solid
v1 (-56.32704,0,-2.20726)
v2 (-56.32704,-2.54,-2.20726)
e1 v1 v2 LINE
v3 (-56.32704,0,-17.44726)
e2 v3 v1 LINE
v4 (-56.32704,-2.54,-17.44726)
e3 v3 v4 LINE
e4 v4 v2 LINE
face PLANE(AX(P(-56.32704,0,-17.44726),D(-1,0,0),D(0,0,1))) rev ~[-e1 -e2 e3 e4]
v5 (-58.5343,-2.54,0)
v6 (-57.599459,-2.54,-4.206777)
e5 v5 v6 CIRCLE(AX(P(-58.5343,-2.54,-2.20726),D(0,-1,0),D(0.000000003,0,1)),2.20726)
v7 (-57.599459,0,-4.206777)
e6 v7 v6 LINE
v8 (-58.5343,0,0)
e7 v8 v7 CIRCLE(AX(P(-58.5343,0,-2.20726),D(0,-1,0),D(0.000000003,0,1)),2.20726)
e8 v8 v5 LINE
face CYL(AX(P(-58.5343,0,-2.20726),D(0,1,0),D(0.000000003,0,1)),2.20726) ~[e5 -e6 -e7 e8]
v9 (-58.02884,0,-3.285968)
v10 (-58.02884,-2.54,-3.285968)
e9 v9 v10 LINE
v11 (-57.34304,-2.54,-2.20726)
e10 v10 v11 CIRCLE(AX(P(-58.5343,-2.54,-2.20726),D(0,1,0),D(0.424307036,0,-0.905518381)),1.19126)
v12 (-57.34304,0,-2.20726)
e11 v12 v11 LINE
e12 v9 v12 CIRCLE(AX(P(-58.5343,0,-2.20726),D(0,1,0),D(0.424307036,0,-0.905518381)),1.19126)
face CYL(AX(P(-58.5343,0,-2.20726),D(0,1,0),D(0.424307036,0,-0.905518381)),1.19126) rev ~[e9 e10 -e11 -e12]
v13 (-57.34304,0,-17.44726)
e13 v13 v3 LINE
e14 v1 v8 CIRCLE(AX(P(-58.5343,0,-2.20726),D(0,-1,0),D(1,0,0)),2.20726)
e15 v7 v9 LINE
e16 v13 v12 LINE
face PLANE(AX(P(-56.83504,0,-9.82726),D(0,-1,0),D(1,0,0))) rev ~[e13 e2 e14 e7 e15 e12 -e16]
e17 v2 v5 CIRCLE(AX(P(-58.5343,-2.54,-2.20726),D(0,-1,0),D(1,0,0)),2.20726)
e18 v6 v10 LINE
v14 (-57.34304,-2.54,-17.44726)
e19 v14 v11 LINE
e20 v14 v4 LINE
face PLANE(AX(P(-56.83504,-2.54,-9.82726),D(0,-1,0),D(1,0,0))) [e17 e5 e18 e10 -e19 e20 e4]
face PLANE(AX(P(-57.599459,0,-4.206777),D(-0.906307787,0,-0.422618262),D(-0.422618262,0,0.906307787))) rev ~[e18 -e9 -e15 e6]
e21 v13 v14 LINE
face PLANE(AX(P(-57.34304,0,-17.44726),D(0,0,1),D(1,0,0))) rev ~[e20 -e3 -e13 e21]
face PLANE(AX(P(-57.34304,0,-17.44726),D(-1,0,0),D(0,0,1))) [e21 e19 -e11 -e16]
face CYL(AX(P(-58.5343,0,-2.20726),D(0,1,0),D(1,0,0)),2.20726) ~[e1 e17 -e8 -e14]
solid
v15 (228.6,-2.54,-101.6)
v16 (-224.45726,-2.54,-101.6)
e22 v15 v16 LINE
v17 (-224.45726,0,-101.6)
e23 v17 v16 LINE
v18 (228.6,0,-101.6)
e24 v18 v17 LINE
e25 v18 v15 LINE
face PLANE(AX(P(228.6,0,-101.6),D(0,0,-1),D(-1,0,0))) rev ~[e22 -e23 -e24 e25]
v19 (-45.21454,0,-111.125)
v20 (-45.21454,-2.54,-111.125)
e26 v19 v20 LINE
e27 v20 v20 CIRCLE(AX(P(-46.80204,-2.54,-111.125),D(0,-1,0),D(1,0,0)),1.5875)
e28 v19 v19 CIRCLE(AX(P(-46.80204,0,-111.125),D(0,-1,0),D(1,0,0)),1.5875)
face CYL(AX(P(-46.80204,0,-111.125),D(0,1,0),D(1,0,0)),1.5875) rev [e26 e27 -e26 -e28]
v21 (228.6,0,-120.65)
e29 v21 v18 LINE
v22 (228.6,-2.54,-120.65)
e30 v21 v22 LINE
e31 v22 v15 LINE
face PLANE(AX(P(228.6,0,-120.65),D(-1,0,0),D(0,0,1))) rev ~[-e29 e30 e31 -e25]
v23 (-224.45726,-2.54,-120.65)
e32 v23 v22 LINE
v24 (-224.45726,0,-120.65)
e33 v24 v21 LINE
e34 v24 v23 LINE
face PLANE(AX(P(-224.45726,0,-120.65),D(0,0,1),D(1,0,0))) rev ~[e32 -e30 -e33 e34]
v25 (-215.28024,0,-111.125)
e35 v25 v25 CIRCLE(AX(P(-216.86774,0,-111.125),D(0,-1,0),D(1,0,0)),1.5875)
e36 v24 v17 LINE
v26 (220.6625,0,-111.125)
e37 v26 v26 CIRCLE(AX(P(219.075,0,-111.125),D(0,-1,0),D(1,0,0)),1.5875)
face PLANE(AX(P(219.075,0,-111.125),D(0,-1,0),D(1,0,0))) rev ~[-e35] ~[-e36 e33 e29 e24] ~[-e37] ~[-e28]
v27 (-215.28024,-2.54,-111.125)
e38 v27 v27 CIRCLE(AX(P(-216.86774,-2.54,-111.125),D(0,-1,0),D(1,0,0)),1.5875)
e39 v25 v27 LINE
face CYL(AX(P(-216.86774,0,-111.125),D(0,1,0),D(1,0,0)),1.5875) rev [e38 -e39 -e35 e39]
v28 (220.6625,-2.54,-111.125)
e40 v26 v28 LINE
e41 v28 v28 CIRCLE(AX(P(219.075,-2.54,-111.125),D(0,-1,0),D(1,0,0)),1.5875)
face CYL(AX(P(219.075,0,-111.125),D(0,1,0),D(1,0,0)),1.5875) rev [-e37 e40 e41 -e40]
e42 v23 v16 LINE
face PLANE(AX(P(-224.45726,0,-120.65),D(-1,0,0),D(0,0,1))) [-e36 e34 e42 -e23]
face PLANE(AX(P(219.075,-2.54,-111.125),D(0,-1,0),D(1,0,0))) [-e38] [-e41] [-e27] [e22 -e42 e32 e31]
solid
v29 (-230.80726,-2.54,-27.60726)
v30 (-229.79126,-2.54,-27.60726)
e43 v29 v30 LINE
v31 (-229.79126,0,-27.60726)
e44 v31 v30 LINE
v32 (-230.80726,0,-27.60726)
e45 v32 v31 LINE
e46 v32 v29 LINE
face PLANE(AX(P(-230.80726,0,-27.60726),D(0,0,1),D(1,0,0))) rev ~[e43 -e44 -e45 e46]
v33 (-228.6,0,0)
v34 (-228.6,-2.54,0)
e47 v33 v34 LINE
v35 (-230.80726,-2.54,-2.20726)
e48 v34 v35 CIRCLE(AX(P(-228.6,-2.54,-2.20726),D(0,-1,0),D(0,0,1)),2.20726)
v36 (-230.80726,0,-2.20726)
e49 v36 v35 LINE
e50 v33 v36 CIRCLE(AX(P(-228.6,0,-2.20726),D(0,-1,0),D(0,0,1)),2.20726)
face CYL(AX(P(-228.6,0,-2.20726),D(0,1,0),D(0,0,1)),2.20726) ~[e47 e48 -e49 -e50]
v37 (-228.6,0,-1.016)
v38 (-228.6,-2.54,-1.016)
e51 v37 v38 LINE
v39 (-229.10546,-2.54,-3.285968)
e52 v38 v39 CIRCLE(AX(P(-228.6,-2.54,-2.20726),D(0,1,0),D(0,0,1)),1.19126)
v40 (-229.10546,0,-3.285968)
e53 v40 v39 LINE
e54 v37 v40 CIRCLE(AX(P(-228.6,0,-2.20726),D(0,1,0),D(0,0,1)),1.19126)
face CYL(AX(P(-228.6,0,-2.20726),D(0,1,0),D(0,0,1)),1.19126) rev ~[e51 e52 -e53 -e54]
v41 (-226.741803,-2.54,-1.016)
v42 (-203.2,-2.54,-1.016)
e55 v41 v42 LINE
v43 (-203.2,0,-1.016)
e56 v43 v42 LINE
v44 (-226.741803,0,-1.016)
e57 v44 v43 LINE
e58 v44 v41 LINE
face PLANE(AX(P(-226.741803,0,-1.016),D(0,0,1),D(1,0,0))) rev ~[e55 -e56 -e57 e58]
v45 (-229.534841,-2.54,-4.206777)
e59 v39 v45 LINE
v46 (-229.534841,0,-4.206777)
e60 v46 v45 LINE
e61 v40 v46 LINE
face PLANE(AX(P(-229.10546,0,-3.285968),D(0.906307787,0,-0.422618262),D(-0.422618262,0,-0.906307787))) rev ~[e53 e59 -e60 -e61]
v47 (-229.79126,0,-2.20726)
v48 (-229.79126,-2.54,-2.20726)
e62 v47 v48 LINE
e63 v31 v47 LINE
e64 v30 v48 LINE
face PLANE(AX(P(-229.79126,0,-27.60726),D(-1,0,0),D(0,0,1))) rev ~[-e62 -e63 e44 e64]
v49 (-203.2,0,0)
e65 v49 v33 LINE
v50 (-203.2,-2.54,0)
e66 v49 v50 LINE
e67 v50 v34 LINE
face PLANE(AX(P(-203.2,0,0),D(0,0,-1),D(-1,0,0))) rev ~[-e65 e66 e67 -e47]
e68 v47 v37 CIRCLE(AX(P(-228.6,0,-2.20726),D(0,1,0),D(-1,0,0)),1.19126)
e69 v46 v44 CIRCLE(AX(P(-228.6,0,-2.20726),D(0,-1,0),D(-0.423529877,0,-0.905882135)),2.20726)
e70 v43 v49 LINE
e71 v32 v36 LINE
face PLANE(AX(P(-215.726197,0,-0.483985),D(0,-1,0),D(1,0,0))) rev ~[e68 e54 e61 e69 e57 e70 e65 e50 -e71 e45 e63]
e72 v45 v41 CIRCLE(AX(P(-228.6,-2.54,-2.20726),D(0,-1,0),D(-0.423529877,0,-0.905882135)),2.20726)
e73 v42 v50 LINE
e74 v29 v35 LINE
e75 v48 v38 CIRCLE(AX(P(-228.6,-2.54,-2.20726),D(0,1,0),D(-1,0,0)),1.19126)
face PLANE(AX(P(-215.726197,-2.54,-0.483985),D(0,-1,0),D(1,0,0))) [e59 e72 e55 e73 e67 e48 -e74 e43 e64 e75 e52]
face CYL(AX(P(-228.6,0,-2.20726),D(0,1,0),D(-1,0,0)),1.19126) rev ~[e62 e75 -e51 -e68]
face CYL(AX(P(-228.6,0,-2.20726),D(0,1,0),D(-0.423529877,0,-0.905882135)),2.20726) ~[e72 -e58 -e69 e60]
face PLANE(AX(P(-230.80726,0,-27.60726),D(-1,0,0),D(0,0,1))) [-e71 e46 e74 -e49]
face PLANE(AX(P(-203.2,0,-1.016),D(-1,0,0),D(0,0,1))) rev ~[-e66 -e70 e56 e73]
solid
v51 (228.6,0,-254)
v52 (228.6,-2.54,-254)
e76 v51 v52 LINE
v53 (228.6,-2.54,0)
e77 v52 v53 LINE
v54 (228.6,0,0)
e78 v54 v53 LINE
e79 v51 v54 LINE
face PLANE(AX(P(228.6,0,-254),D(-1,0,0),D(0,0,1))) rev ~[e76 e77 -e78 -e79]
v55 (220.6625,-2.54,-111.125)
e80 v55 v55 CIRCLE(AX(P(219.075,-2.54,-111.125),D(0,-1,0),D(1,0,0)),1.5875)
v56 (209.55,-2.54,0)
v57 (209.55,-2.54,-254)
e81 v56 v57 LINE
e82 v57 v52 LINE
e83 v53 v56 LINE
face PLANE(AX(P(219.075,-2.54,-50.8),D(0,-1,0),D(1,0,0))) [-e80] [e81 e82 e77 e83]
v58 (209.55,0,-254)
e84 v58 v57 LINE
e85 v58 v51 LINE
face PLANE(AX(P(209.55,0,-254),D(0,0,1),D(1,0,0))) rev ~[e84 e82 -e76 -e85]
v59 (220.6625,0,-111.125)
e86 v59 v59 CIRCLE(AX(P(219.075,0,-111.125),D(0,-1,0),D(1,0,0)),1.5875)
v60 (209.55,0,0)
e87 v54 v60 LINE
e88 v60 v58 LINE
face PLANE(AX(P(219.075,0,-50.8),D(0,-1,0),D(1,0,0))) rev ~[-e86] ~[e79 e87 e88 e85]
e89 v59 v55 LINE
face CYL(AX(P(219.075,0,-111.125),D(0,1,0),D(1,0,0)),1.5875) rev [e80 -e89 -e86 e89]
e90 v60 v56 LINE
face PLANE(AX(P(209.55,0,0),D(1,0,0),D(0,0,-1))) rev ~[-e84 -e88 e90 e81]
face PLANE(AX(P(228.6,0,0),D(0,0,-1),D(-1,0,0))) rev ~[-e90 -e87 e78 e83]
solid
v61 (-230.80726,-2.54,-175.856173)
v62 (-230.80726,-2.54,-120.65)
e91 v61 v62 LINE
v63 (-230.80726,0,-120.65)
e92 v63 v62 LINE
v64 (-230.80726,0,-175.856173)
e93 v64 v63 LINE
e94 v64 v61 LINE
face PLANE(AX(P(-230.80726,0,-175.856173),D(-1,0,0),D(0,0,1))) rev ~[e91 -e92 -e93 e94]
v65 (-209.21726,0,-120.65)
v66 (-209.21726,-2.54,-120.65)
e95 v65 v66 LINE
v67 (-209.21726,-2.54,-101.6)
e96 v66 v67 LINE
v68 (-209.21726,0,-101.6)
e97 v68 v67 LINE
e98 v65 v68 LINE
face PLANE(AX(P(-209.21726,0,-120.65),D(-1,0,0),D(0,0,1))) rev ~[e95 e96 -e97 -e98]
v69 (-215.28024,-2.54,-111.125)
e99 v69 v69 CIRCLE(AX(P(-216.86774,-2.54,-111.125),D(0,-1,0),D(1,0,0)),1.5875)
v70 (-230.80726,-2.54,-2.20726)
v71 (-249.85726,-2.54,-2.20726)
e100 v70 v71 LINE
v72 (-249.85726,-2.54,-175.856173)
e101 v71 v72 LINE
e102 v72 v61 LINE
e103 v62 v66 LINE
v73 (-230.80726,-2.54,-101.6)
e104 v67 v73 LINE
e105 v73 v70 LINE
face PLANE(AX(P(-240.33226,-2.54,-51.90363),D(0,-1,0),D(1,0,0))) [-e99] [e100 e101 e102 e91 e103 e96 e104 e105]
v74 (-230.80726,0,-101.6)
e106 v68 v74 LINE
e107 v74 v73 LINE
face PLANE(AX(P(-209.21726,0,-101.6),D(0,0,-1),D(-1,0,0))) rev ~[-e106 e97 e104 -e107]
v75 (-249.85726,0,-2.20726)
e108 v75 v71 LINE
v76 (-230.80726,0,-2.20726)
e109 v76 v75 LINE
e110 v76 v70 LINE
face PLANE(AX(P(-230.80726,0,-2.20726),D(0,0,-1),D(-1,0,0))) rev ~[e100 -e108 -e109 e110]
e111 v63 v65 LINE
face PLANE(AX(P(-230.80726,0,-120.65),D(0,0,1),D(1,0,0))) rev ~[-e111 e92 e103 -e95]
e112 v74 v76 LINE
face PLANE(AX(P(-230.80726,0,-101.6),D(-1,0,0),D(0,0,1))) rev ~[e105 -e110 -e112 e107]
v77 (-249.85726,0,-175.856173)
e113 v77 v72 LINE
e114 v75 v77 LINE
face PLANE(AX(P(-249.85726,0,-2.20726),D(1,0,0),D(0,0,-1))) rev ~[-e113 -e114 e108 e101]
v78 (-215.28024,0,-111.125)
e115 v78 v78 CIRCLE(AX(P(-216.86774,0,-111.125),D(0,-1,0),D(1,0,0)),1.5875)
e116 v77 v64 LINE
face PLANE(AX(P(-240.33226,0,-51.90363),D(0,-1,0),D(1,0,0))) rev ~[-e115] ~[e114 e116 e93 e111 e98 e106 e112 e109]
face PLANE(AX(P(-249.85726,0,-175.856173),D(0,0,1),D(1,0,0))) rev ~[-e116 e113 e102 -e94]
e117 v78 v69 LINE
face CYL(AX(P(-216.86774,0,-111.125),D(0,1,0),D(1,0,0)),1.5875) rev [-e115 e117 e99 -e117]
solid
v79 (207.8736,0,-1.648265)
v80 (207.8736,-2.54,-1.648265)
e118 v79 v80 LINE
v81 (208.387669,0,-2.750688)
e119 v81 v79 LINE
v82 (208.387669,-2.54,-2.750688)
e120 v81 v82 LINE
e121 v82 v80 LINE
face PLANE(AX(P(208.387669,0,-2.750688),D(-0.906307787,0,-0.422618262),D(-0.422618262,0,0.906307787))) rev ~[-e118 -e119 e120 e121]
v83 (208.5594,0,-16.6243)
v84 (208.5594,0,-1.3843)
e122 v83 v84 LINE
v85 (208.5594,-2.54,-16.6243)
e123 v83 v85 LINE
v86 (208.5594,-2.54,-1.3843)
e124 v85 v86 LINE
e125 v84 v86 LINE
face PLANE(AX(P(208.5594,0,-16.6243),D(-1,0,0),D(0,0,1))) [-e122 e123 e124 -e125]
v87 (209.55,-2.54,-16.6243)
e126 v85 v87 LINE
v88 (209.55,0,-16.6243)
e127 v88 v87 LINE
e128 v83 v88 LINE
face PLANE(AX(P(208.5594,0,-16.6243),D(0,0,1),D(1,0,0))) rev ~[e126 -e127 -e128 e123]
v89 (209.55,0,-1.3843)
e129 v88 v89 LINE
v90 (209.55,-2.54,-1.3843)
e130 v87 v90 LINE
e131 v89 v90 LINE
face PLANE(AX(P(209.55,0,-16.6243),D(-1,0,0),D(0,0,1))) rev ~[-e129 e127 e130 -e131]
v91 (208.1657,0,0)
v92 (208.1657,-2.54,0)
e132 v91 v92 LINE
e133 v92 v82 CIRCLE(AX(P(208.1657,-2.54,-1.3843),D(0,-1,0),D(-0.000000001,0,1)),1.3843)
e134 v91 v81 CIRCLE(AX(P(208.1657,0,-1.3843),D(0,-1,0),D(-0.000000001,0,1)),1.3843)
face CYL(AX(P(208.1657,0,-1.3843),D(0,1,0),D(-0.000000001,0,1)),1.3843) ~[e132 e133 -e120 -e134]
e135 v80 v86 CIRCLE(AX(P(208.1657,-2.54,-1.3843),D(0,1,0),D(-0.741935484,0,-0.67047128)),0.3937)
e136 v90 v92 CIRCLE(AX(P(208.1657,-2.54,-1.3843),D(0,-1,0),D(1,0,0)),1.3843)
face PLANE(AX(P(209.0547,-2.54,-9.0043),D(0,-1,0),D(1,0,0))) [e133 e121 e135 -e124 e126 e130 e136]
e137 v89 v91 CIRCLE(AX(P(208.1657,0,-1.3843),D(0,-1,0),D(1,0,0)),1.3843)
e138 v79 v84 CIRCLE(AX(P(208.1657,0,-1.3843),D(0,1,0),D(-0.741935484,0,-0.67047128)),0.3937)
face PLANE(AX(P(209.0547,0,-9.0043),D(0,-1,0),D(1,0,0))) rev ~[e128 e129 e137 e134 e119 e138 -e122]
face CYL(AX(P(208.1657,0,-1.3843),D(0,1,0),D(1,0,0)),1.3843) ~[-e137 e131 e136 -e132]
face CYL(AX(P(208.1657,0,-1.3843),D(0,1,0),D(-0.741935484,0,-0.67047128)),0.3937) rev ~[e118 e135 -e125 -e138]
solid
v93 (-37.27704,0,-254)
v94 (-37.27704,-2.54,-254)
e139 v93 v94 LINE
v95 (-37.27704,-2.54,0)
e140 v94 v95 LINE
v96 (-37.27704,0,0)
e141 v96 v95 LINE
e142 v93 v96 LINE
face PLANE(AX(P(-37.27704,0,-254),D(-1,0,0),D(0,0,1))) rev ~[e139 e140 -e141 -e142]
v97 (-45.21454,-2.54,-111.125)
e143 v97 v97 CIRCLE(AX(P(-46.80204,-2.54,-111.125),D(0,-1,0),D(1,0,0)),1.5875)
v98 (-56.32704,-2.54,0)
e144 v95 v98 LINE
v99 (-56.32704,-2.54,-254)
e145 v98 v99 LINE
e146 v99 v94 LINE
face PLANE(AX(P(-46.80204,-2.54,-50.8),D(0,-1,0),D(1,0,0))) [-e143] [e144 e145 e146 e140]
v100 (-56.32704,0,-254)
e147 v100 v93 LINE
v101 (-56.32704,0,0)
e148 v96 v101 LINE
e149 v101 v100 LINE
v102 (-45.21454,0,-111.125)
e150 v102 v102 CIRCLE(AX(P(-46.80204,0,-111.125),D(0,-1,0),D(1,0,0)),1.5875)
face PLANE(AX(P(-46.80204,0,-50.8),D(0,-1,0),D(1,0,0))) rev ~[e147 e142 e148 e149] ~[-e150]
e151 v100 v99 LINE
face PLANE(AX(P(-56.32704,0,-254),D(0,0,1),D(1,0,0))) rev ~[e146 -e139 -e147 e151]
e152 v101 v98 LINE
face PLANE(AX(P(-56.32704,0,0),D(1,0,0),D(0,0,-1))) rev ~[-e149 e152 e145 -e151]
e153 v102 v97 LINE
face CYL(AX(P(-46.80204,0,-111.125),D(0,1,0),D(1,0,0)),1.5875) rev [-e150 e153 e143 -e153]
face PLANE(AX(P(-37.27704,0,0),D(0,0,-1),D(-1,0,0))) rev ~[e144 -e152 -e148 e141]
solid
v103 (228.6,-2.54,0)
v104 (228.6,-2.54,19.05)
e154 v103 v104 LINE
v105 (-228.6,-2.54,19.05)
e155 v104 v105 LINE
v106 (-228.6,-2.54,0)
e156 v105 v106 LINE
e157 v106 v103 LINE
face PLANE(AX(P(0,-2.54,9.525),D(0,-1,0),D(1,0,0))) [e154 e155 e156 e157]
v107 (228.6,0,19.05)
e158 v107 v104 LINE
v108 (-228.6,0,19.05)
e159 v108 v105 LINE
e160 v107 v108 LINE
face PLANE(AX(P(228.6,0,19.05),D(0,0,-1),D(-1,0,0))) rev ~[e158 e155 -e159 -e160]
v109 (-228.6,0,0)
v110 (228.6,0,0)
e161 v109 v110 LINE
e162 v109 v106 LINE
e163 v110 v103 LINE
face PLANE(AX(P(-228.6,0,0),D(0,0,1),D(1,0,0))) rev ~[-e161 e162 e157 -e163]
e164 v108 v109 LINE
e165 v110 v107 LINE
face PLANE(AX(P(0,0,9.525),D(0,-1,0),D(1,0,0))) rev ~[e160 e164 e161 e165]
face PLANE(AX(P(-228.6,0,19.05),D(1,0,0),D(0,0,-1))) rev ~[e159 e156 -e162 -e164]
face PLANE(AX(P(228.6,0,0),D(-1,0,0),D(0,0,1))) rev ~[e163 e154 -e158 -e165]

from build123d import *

# Parameters (mm, degrees)
F0_W     = 19.05
F0_H     = 19.05
F0_R     = 1.5875
F0_W_2   = 246.82704
F0_W_3   = 152.89022
F0_W_4   = 15.24
F1_DEPTH = 2.54
F2_DEPTH = 2.54
F0_H_2   = 133.35
F3_DEPTH = 2.54
F4_DEPTH = 2.54
F0_H_3   = 55.2061730385
F0_W_5   = 6.35
F5_DEPTH = 2.54
F0_W_6   = 0.9906
F0_H_4   = 15.24
F6_DEPTH = 2.54
F0_W_7   = 1.016
F7_DEPTH = 2.54
F0_H_5   = 25.4
F8_DEPTH = 2.54


with BuildPart() as f1:
    # F0 (on Front) → F1 (new body)
    with BuildSketch(Plane.XZ):
        with Locations((219.075, -111.125)):
            Rectangle(F0_W, F0_H)
        with Locations((219.075, -111.125)):
            Circle(F0_R, mode=Mode.SUBTRACT)
        with Locations((86.13648, -111.125)):
            Rectangle(F0_W_2, F0_H)
        with Locations((-46.80204, -111.125)):
            Rectangle(F0_W, F0_H)
        with Locations((-46.80204, -111.125)):
            Circle(F0_R, mode=Mode.SUBTRACT)
        with Locations((-132.77215, -111.125)):
            Rectangle(F0_W_3, F0_H)
        with Locations((-216.83726, -111.125)):
            Rectangle(F0_W_4, F0_H)
        with Locations((-216.86774, -111.125)):
            Circle(F0_R, mode=Mode.SUBTRACT)
    extrude(amount=F1_DEPTH)


with BuildPart() as f2:
    # F0 (on Front) → F2 (new body)
    with BuildSketch(Plane.XZ):
        Polygon((228.6, 19.05), (-228.6, 19.05), (-228.6, 0), (-203.2, 0), (-58.5342999945, 0), (-56.32704, 0), (-37.27704, 0), (208.1656999991, 0), (209.55, 0), (228.6, 0), align=None)
    extrude(amount=F2_DEPTH)


with BuildPart() as f3:
    # F0 (on Front) → F3 (new body)
    with BuildSketch(Plane.XZ):
        Polygon((228.6, -101.6), (228.6, 0), (209.55, 0), (209.55, -1.3843), (209.55, -16.6243), (209.55, -101.6), align=None)
        with Locations((219.075, -111.125)):
            Rectangle(F0_W, F0_H)
        with Locations((219.075, -111.125)):
            Circle(F0_R, mode=Mode.SUBTRACT)
        with Locations((219.075, -187.325)):
            Rectangle(F0_W, F0_H_2)
    extrude(amount=F3_DEPTH)


with BuildPart() as f4:
    # F0 (on Front) → F4 (new body)
    with BuildSketch(Plane.XZ):
        Polygon((-37.27704, 0), (-56.32704, 0), (-56.32704, -2.20726), (-56.32704, -17.44726), (-56.32704, -101.6), (-37.27704, -101.6), align=None)
        with Locations((-46.80204, -111.125)):
            Rectangle(F0_W, F0_H)
        with Locations((-46.80204, -111.125)):
            Circle(F0_R, mode=Mode.SUBTRACT)
        with Locations((-46.80204, -187.325)):
            Rectangle(F0_W, F0_H_2)
    extrude(amount=F4_DEPTH)


with BuildPart() as f5:
    # F0 (on Front) → F5 (new body)
    with BuildSketch(Plane.XZ):
        Polygon((-230.80726, -27.60726), (-230.80726, -2.20726), (-249.85726, -2.20726), (-249.85726, -101.6), (-230.80726, -101.6), align=None)
        with Locations((-240.33226, -111.125)):
            Rectangle(F0_W, F0_H)
        with Locations((-240.33226, -148.2530865192)):
            Rectangle(F0_W, F0_H_3)
        with Locations((-227.63226, -111.125)):
            Rectangle(F0_W_5, F0_H)
        with Locations((-216.83726, -111.125)):
            Rectangle(F0_W_4, F0_H)
        with Locations((-216.86774, -111.125)):
            Circle(F0_R, mode=Mode.SUBTRACT)
    extrude(amount=F5_DEPTH)


with BuildPart() as f6:
    # F0 (on Front) → F6 (new body)
    with BuildSketch(Plane.XZ):
        with Locations((209.0547, -9.0043)):
            Rectangle(F0_W_6, F0_H_4)
        with BuildLine():
            ThreePointArc((209.55, -1.3843), (209.1445479169, -0.4054520825), (208.1656999991, 0))
            ThreePointArc((208.1656999991, 0), (206.7858852401, -1.4956450418), (208.3876685494, -2.7506881049))
            Line((208.3876685494, -2.7506881049), (207.8736, -1.6482645431))
            ThreePointArc((207.8736, -1.6482645431), (208.0242787852, -1.016876906), (208.5594, -1.3843))
            Line((208.5594, -1.3843), (209.55, -1.3843))
        make_face()
    extrude(amount=F6_DEPTH)


with BuildPart() as f7:
    # F0 (on Front) → F7 (new body)
    with BuildSketch(Plane.XZ):
        with Locations((-56.83504, -9.82726)):
            Rectangle(F0_W_7, F0_H_4)
        with BuildLine():
            ThreePointArc((-56.32704, -2.20726), (-56.9735314842, -0.6464914881), (-58.5342999945, 0))
            ThreePointArc((-58.5342999945, 0), (-60.6889985281, -2.6860824731), (-57.5994594434, -4.2067774021))
            Line((-57.5994594434, -4.2067774021), (-58.02884, -3.285967827))
            ThreePointArc((-58.02884, -3.285967827), (-59.5395946501, -1.5681332098), (-57.34304, -2.20726))
            Line((-57.34304, -2.20726), (-56.32704, -2.20726))
        make_face()
    extrude(amount=F7_DEPTH)


with BuildPart() as f8:
    # F0 (on Front) → F8 (new body)
    with BuildSketch(Plane.XZ):
        with BuildLine():
            Line((-203.2, 0), (-228.6, 0))
            ThreePointArc((-228.6, 0), (-227.5410910898, -0.2705853687), (-226.7418029383, -1.016))
            Line((-226.7418029383, -1.016), (-203.2, -1.016))
            Line((-203.2, -1.016), (-203.2, 0))
        make_face()
        with BuildLine():
            ThreePointArc((-229.5348405566, -4.2067774021), (-226.9391532532, -3.661077317), (-226.7418029383, -1.016))
            Line((-226.7418029383, -1.016), (-228.6, -1.016))
            ThreePointArc((-228.6, -1.016), (-227.4372184484, -2.4661797768), (-229.10546, -3.285967827))
            Line((-229.10546, -3.285967827), (-229.5348405566, -4.2067774021))
        make_face()
        with BuildLine():
            ThreePointArc((-226.7418029383, -1.016), (-227.5410910898, -0.2705853687), (-228.6, 0))
            Line((-228.6, 0), (-228.6, -1.016))
            Line((-228.6, -1.016), (-226.7418029383, -1.016))
        make_face()
        with BuildLine():
            Line((-228.6, -1.016), (-228.6, 0))
            ThreePointArc((-228.6, 0), (-230.1607685138, -0.6464914862), (-230.80726, -2.20726))
            Line((-230.80726, -2.20726), (-229.79126, -2.20726))
            ThreePointArc((-229.79126, -2.20726), (-229.4423480242, -1.3649119758), (-228.6, -1.016))
        make_face()
        with Locations((-230.29926, -14.90726)):
            Rectangle(F0_W_7, F0_H_5)
    extrude(amount=F8_DEPTH)


solid = Compound([f1.part, f2.part, f3.part, f4.part, f5.part, f6.part, f7.part, f8.part])
